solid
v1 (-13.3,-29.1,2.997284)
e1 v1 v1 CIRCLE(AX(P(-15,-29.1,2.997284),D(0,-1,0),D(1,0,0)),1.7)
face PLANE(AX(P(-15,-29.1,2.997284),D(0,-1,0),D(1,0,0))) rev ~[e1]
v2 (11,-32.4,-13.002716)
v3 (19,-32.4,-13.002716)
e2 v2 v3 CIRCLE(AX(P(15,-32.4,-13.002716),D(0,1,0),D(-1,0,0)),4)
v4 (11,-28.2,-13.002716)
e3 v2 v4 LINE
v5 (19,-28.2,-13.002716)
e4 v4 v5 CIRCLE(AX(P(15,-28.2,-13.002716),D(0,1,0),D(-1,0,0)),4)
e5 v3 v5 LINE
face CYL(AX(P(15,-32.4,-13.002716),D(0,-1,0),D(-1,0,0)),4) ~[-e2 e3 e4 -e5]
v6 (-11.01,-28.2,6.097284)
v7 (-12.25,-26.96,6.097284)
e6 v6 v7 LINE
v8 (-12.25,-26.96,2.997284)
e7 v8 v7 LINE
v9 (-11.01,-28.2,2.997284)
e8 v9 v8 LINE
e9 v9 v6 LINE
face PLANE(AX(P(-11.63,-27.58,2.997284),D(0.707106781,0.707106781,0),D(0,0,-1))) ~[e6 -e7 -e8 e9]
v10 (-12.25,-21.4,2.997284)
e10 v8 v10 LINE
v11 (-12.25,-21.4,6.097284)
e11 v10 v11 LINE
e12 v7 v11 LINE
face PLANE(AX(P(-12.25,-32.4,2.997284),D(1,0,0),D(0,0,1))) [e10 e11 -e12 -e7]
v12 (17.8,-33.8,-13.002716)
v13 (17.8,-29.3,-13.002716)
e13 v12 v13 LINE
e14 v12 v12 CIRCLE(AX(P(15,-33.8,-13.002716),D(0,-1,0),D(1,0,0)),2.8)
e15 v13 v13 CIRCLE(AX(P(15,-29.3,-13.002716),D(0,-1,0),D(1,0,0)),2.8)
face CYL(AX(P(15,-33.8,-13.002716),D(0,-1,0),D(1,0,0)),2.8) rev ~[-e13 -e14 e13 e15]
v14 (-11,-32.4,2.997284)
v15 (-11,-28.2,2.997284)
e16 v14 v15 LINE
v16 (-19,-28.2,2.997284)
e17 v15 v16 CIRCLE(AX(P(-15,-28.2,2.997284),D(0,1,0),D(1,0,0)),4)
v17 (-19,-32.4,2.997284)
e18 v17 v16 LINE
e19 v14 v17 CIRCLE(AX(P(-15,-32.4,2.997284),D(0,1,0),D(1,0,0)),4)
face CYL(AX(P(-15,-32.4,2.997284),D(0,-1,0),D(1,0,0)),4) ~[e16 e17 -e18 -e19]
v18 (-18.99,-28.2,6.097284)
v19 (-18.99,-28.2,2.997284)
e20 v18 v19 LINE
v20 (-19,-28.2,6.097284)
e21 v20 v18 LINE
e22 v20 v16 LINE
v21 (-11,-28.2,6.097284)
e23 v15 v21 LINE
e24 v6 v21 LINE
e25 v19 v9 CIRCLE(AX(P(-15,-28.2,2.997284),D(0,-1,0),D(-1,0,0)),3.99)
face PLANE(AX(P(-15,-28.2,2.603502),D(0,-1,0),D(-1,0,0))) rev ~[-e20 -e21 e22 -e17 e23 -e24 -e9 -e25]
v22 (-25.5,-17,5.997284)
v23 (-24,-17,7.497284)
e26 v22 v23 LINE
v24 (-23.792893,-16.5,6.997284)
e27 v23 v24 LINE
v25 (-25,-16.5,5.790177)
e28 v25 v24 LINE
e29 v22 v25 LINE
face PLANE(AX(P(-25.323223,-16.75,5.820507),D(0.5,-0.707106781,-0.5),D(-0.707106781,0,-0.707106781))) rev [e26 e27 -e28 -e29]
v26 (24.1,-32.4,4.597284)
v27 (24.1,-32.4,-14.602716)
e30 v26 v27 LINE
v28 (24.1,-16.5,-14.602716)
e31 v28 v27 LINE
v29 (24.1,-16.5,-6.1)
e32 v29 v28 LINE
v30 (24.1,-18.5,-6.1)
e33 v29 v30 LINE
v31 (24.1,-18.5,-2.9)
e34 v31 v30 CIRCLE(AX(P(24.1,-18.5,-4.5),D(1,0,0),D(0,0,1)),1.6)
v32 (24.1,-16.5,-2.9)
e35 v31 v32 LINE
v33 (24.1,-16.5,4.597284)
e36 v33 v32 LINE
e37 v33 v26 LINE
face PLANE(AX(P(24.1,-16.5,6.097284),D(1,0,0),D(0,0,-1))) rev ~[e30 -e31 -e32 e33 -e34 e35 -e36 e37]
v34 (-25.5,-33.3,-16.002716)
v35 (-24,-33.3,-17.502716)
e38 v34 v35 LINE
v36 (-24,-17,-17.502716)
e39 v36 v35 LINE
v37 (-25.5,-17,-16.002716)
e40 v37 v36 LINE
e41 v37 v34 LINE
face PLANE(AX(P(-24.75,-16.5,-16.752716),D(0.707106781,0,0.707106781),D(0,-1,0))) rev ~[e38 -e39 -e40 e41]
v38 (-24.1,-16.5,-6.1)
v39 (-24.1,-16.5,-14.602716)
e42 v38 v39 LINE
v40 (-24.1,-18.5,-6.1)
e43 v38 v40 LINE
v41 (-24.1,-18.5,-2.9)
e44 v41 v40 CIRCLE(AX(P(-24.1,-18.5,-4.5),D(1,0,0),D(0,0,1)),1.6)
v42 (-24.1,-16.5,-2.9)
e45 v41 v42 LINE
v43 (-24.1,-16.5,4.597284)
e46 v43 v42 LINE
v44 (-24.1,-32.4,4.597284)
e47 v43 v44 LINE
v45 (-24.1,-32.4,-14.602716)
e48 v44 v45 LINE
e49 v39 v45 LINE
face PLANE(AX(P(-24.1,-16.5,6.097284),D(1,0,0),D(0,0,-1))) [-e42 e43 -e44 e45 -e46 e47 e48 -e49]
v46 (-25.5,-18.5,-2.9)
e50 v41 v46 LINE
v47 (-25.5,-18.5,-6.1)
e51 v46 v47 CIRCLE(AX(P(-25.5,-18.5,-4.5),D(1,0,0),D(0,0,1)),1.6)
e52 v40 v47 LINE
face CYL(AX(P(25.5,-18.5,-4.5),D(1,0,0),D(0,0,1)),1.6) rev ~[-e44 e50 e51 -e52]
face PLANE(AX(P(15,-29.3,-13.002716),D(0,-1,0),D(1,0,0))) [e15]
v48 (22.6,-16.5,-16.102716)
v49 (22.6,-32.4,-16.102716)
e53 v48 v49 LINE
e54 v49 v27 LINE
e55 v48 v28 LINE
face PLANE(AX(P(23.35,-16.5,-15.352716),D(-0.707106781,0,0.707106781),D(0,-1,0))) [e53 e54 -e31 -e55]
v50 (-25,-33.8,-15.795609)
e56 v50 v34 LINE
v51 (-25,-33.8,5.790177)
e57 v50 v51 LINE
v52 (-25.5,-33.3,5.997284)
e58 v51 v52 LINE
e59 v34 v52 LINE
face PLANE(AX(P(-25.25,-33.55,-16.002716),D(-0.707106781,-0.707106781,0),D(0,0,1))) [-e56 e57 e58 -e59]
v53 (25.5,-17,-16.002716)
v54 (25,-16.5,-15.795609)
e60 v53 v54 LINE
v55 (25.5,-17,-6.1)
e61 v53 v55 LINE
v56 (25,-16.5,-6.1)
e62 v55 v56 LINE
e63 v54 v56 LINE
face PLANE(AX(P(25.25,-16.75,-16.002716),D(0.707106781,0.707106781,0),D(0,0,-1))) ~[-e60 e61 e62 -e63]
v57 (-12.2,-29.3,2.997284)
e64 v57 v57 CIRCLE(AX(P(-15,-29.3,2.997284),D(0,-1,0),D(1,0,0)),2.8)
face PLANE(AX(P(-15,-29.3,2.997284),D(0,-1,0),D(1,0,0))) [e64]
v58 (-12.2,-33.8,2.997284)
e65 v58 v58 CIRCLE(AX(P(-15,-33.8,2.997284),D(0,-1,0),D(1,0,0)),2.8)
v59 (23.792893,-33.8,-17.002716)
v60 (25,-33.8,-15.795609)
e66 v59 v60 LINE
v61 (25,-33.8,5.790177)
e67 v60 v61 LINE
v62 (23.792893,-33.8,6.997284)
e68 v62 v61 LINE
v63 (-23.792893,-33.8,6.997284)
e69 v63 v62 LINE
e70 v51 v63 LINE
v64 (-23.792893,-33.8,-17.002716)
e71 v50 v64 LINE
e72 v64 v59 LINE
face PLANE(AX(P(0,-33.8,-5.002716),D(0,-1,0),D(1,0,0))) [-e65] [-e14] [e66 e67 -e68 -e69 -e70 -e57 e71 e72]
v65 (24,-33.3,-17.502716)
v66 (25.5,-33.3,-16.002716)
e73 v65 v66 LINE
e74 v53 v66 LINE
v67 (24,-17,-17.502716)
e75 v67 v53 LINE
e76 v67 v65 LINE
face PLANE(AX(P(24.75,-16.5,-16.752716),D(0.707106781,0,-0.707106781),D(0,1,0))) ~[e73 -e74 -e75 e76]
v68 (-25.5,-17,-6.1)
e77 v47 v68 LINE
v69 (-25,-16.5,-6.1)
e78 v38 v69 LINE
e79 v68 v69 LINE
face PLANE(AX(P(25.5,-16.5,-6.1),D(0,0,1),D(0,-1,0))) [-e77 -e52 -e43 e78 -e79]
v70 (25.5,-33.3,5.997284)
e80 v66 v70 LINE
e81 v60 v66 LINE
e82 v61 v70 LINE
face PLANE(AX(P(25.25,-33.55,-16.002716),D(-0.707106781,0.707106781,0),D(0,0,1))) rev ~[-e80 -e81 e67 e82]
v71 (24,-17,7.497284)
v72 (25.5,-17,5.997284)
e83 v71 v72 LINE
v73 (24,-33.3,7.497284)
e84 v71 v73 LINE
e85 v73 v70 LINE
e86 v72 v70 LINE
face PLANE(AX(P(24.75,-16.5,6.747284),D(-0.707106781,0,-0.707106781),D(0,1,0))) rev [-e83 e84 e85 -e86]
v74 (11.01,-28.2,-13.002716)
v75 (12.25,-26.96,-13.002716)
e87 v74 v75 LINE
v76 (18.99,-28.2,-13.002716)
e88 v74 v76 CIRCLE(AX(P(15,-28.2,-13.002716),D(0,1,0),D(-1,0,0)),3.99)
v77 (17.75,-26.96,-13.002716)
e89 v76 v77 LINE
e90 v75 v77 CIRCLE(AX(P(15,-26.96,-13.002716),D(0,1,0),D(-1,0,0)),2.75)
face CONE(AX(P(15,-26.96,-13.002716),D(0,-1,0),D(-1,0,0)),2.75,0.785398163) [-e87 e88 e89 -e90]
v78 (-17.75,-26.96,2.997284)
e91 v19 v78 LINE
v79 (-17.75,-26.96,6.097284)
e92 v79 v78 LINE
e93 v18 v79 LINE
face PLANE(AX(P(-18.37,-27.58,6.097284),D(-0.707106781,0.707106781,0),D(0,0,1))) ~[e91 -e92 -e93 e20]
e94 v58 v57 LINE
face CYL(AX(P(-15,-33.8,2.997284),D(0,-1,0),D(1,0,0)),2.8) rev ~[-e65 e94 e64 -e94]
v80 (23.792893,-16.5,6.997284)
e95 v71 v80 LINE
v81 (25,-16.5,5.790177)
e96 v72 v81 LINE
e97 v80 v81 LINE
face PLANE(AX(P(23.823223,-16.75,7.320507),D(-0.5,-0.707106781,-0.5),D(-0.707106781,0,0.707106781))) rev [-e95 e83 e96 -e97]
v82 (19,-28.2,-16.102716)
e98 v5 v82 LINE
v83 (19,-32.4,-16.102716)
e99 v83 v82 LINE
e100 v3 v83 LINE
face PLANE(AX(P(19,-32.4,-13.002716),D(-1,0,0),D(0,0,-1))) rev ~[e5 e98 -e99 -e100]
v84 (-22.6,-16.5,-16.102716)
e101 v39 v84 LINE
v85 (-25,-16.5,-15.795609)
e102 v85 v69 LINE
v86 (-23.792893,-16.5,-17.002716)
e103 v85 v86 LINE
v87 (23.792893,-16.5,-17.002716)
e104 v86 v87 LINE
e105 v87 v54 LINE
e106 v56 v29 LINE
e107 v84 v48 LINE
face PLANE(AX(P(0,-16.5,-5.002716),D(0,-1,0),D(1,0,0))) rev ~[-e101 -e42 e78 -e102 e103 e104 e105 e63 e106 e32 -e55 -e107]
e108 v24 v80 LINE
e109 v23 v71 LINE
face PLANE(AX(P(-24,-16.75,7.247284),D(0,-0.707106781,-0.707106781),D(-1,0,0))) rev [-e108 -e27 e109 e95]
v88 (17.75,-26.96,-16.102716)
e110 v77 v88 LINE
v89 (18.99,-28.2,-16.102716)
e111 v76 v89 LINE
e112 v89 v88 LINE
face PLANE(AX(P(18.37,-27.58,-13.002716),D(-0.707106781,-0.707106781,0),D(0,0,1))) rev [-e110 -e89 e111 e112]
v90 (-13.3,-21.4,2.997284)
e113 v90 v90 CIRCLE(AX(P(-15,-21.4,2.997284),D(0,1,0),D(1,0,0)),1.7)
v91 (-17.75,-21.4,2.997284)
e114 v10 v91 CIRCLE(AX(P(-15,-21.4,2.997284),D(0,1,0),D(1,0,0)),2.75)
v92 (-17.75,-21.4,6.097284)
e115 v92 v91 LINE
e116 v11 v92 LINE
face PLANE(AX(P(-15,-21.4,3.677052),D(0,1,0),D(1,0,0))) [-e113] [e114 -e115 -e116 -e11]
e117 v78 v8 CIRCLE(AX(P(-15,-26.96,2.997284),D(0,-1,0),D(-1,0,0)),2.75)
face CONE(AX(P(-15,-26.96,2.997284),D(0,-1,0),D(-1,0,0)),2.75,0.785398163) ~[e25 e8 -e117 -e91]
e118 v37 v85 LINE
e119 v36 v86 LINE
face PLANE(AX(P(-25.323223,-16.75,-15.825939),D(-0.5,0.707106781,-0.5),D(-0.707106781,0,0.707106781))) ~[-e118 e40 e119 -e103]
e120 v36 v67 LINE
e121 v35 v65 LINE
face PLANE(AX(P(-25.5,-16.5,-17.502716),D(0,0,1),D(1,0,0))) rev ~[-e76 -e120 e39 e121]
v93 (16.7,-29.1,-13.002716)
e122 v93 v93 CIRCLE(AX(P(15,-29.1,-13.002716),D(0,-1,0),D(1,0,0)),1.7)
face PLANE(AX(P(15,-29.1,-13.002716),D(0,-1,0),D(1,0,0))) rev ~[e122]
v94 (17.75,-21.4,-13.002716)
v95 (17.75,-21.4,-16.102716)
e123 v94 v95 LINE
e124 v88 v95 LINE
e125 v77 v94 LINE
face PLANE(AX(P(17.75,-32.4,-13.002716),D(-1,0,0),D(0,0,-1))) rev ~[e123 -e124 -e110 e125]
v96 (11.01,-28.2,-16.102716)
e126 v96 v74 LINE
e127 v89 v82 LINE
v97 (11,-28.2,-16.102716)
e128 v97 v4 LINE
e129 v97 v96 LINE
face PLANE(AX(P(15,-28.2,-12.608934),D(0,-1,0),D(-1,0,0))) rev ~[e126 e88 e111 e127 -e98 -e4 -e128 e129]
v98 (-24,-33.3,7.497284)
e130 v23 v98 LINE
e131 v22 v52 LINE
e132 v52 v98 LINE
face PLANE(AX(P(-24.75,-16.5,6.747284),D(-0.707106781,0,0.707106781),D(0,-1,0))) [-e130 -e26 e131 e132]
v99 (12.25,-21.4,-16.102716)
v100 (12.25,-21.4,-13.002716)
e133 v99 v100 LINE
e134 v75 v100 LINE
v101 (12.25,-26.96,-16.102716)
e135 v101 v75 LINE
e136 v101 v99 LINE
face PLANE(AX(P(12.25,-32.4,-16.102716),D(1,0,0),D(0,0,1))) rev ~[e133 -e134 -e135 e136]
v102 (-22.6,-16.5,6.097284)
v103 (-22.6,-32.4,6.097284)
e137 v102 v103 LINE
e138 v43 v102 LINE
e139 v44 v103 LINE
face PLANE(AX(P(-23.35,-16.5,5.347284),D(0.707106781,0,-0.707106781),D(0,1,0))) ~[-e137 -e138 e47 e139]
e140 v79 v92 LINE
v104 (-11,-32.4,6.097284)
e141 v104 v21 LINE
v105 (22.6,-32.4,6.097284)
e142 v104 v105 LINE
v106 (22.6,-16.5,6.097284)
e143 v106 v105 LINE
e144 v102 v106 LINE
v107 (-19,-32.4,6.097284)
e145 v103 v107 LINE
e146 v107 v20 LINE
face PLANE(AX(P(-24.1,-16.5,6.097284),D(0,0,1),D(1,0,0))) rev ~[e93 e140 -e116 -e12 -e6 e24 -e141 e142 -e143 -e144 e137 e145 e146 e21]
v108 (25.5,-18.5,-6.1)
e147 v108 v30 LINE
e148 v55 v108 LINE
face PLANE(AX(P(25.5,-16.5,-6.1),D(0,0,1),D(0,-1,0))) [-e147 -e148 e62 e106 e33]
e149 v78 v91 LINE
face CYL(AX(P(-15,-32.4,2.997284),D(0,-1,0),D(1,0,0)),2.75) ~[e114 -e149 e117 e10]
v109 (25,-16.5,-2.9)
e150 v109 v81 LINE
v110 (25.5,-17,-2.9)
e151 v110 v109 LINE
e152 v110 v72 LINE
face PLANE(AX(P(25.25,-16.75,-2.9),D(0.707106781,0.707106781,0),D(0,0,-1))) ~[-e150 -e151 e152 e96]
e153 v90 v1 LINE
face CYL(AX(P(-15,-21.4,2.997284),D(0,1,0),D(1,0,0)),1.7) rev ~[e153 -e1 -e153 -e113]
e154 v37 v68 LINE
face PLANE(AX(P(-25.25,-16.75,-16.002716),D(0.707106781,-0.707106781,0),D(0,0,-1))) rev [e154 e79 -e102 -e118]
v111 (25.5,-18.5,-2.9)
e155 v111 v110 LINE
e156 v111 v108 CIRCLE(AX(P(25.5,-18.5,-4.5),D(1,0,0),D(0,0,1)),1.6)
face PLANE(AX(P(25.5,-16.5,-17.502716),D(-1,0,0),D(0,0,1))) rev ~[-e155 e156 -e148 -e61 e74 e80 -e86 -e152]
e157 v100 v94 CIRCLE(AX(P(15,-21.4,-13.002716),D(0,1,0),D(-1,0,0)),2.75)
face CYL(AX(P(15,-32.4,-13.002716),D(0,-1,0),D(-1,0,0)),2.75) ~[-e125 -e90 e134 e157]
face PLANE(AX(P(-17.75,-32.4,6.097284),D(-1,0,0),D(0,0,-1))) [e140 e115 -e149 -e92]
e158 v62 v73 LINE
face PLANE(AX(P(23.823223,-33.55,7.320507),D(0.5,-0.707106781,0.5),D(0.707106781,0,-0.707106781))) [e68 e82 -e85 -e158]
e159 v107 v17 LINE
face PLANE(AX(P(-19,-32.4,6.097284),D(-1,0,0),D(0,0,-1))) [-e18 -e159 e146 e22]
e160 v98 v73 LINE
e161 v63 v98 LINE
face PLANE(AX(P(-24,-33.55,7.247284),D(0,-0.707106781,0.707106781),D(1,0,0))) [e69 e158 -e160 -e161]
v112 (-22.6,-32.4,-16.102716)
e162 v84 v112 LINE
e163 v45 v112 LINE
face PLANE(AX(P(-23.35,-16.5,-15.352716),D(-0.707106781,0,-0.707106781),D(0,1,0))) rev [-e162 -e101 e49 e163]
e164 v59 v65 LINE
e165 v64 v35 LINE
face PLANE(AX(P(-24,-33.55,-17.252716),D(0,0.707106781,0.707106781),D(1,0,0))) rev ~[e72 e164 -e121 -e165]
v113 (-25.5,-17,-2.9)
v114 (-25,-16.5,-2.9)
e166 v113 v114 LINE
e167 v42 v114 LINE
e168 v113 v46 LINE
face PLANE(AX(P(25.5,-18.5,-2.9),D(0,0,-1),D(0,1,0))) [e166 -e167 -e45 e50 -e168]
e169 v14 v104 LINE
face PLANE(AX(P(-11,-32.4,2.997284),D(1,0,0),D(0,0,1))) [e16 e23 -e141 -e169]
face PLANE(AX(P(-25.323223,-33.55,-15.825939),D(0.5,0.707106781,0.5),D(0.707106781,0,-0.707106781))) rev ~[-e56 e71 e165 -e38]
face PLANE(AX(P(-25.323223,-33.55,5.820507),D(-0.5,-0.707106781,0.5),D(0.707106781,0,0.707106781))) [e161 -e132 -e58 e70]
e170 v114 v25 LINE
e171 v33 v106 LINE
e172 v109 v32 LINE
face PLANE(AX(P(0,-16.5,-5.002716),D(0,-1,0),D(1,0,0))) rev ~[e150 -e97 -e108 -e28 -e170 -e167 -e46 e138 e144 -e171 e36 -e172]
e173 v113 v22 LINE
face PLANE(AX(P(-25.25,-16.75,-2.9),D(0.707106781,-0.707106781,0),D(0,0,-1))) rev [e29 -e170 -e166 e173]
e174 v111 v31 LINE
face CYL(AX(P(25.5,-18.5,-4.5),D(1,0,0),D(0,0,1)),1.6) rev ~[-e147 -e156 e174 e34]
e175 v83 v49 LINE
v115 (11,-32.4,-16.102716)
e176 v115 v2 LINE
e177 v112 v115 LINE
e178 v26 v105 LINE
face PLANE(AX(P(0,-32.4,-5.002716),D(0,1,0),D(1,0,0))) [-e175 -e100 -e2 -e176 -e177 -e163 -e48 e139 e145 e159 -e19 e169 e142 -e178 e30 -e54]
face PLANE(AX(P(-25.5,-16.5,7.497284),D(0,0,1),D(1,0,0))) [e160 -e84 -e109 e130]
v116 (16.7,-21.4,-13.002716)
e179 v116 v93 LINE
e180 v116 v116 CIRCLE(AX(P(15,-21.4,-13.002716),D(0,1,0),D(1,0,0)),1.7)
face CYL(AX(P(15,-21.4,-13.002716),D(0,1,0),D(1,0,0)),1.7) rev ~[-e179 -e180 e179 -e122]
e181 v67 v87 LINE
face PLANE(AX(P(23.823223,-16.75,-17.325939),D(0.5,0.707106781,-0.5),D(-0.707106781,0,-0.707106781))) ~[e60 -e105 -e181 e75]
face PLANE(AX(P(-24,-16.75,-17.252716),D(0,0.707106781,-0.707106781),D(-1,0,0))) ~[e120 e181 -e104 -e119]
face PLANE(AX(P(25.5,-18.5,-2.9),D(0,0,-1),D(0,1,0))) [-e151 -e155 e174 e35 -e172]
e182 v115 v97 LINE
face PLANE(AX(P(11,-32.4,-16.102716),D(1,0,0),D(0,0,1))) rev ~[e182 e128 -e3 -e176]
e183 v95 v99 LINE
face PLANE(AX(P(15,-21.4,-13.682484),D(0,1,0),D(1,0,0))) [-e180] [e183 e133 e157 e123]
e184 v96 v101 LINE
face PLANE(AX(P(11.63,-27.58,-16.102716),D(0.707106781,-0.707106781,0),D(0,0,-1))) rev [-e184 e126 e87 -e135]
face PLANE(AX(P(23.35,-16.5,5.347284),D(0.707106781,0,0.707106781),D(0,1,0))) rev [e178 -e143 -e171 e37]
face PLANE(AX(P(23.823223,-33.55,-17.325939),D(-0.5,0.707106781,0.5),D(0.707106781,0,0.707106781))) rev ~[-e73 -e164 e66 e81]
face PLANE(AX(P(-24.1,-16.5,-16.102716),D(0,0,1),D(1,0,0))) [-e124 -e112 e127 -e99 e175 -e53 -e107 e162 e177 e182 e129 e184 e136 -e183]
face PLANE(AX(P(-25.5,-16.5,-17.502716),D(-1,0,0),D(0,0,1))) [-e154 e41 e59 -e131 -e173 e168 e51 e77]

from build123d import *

# Parameters (mm, degrees)
SKETCH012_W     = 51
SKETCH012_H     = 25
PAD004_DEPTH    = 17.3
SKETCH013_W     = 48.2
SKETCH013_H     = 22.2
POCKET007_DEPTH = 15.9
PAD005_DEPTH    = 11
PAD006_DEPTH    = 11
SKETCH016_R     = 1.7
POCKET008_DEPTH = 12.401
SKETCH017_R     = 1.7
POCKET009_DEPTH = 12.401
PAD007_DEPTH    = 4.2
PAD008_DEPTH    = 4.2
SKETCH021_R     = 2.8
POCKET010_DEPTH = 4.5
SKETCH022_R     = 2.8
POCKET011_DEPTH = 4.5
CHAMFER002_SIZE = 1.24
SKETCH023_R     = 1.7
PAD009_DEPTH    = 0.2
SKETCH024_R     = 1.7
PAD010_DEPTH    = 0.2
POCKET012_DEPTH = 51.001
CHAMFER003_SIZE = 1.5
CHAMFER004_SIZE = 0.5
CHAMFER005_SIZE = 0.5


with BuildPart() as part:
    # Sketch012 → Pad004 (new body)
    with BuildSketch(Plane.XZ):
        with Locations((0, -5.002716)):
            Rectangle(SKETCH012_W, SKETCH012_H)
    extrude(amount=PAD004_DEPTH)

    # Sketch013 (on Face5 of Pad004) → Pocket007 (cut)
    with BuildSketch(Plane(origin=(0, 0, 0), x_dir=(1, 0, 0), z_dir=(0, 1, 0))):
        with Locations((0, 5.002716)):
            Rectangle(SKETCH013_W, SKETCH013_H)
    extrude(amount=-POCKET007_DEPTH, mode=Mode.SUBTRACT)

    # Sketch014 (on Face11 of Pocket007) → Pad005 (join)
    with BuildSketch(Plane(origin=(0, -15.9, 0), x_dir=(1, 0, 0), z_dir=(0, 1, 0))):
        with BuildLine():
            ThreePointArc((12.25, 13.002716), (15, 10.252716), (17.75, 13.002716))
            Line((17.75, 13.002716), (17.75, 16.102716))
            Line((17.75, 16.102716), (12.25, 16.102716))
            Line((12.25, 16.102716), (12.25, 13.002716))
        make_face()
    extrude(amount=PAD005_DEPTH)

    # Sketch015 (on Face11 of Pad005) → Pad006 (join)
    with BuildSketch(Plane(origin=(0, -15.9, 0), x_dir=(1, 0, 0), z_dir=(0, 1, 0))):
        with BuildLine():
            ThreePointArc((-12.25, -2.997284), (-15, -0.247284), (-17.75, -2.997284))
            Line((-17.75, -6.097284), (-17.75, -2.997284))
            Line((-12.25, -6.097284), (-17.75, -6.097284))
            Line((-12.25, -2.997284), (-12.25, -6.097284))
        make_face()
    extrude(amount=PAD006_DEPTH)

    # Sketch016 (on Face13 of Pad006) → Pocket008 (cut, through all)
    with BuildSketch(Plane(origin=(0, -4.9, 0), x_dir=(1, 0, 0), z_dir=(0, 1, 0))):
        with Locations((15, 13.002716)):
            Circle(SKETCH016_R)
    extrude(amount=-POCKET008_DEPTH, mode=Mode.SUBTRACT)

    # Sketch017 (on Face14 of Pocket008) → Pocket009 (cut, through all)
    with BuildSketch(Plane(origin=(0, -4.9, 0), x_dir=(1, 0, 0), z_dir=(0, 1, 0))):
        with Locations((-15, -2.997284)):
            Circle(SKETCH017_R)
    extrude(amount=-POCKET009_DEPTH, mode=Mode.SUBTRACT)

    # Sketch019 (on Face13 of Pocket009) → Pad007 (join)
    with BuildSketch(Plane(origin=(0, -15.9, 0), x_dir=(1, 0, 0), z_dir=(0, 1, 0))):
        with BuildLine():
            ThreePointArc((-12.25, -2.997284), (-15, -0.247284), (-17.75, -2.997284))
            Line((-17.75, -6.097284), (-17.75, -2.997284))
            Line((-19, -6.097284), (-17.75, -6.097284))
            Line((-19, -6.097284), (-19, -2.997284))
            ThreePointArc((-11, -2.997284), (-15, 1.002716), (-19, -2.997284))
            Line((-11, -2.997284), (-11, -6.097284))
            Line((-12.25, -6.097284), (-11, -6.097284))
            Line((-12.25, -2.997284), (-12.25, -6.097284))
        make_face()
    extrude(amount=PAD007_DEPTH)

    # Sketch020 (on Face13 of Pad007) → Pad008 (join)
    with BuildSketch(Plane(origin=(0, -15.9, 0), x_dir=(1, 0, 0), z_dir=(0, 1, 0))):
        with BuildLine():
            ThreePointArc((12.25, 13.002716), (15, 10.252716), (17.75, 13.002716))
            Line((17.75, 13.002716), (17.75, 16.102716))
            Line((17.75, 16.102716), (19, 16.102716))
            Line((19, 13.002716), (19, 16.102716))
            ThreePointArc((11, 13.002716), (15, 9.002716), (19, 13.002716))
            Line((11, 16.102716), (11, 13.002716))
            Line((11, 16.102716), (12.25, 16.102716))
            Line((12.25, 16.102716), (12.25, 13.002716))
        make_face()
    extrude(amount=PAD008_DEPTH)

    # Sketch021 (on Face5 of Pad008) → Pocket010 (cut)
    with BuildSketch(Plane.XZ.offset(17.3)):
        with Locations((-15, 2.997284)):
            Circle(SKETCH021_R)
    extrude(amount=-POCKET010_DEPTH, mode=Mode.SUBTRACT)

    # Sketch022 (on Face5 of Pocket010) → Pocket011 (cut)
    with BuildSketch(Plane.XZ.offset(17.3)):
        with Locations((15, -13.002716)):
            Circle(SKETCH022_R)
    extrude(amount=-POCKET011_DEPTH, mode=Mode.SUBTRACT)

    # Chamfer002
    chamfer002_edges = [part.edges().sort_by_distance(p)[0] for p in [
        (-12.25, -11.7, 4.547284),
        (-15, -11.7, 0.247284),
        (-17.75, -11.7, 4.547284),
        (12.25, -11.7, -14.552716),
        (15, -11.7, -10.252716),
        (17.75, -11.7, -14.552716),
    ]]
    chamfer(chamfer002_edges, length=CHAMFER002_SIZE)

    # Sketch023 (on Face39 of Chamfer002) → Pad009 (join)
    with BuildSketch(Plane.XZ.offset(12.8)):
        with Locations((-15, 2.997284)):
            Circle(SKETCH023_R)
    extrude(amount=-PAD009_DEPTH)

    # Sketch024 (on Face39 of Pad009) → Pad010 (join)
    with BuildSketch(Plane.XZ.offset(12.8)):
        with Locations((15, -13.002716)):
            Circle(SKETCH024_R)
    extrude(amount=-PAD010_DEPTH)

    # Sketch025 (on Face24 of Pad010) → Pocket012 (cut, through all)
    with BuildSketch(Plane(origin=(25.5, 0, 0), x_dir=(0, 0, 1), z_dir=(1, 0, 0))):
        with BuildLine():
            ThreePointArc((-2.9, 2), (-4.5, 3.6), (-6.1, 2))
            Line((-6.1, 0), (-6.1, 2))
            Line((-2.9, 0), (-6.1, 0))
            Line((-2.9, 2), (-2.9, 0))
        make_face()
    extrude(amount=-POCKET012_DEPTH, mode=Mode.SUBTRACT)

    # Chamfer003
    chamfer003_edges = [part.edges().sort_by_distance(p)[0] for p in [
        (24.1, -7.95, 6.097284),
        (-24.1, -7.95, 6.097284),
        (-24.1, -7.95, -16.102716),
        (24.1, -7.95, -16.102716),
        (-25.5, -8.65, 7.497284),
        (25.5, -8.65, 7.497284),
        (-25.5, -8.65, -17.502716),
        (25.5, -8.65, -17.502716),
    ]]
    chamfer(chamfer003_edges, length=CHAMFER003_SIZE)

    # Chamfer004
    chamfer004_edges = [part.edges().sort_by_distance(p)[0] for p in [
        (0, -17.3, 7.497284),
        (-24.75, -17.3, 6.747284),
        (-25.5, -17.3, -5.002716),
        (-24.75, -17.3, -16.752716),
        (0, -17.3, -17.502716),
        (24.75, -17.3, -16.752716),
        (25.5, -17.3, -5.002716),
        (24.75, -17.3, 6.747284),
    ]]
    chamfer(chamfer004_edges, length=CHAMFER004_SIZE)

    # Chamfer005
    chamfer005_edges = [part.edges().sort_by_distance(p)[0] for p in [
        (25.5, 0, 1.548642),
        (24.75, 0, 6.747284),
        (0, 0, 7.497284),
        (-24.75, 0, 6.747284),
        (-25.5, 0, 1.548642),
        (-25.5, 0, -11.051358),
        (-24.75, 0, -16.752716),
        (0, 0, -17.502716),
        (24.75, 0, -16.752716),
        (25.5, 0, -11.051358),
    ]]
    chamfer(chamfer005_edges, length=CHAMFER005_SIZE)


with BuildPart() as part_1:
    # Body003 placement: moved
    add(part.part.moved(Location((0, -16.5, 0))))


solid = part_1.part
